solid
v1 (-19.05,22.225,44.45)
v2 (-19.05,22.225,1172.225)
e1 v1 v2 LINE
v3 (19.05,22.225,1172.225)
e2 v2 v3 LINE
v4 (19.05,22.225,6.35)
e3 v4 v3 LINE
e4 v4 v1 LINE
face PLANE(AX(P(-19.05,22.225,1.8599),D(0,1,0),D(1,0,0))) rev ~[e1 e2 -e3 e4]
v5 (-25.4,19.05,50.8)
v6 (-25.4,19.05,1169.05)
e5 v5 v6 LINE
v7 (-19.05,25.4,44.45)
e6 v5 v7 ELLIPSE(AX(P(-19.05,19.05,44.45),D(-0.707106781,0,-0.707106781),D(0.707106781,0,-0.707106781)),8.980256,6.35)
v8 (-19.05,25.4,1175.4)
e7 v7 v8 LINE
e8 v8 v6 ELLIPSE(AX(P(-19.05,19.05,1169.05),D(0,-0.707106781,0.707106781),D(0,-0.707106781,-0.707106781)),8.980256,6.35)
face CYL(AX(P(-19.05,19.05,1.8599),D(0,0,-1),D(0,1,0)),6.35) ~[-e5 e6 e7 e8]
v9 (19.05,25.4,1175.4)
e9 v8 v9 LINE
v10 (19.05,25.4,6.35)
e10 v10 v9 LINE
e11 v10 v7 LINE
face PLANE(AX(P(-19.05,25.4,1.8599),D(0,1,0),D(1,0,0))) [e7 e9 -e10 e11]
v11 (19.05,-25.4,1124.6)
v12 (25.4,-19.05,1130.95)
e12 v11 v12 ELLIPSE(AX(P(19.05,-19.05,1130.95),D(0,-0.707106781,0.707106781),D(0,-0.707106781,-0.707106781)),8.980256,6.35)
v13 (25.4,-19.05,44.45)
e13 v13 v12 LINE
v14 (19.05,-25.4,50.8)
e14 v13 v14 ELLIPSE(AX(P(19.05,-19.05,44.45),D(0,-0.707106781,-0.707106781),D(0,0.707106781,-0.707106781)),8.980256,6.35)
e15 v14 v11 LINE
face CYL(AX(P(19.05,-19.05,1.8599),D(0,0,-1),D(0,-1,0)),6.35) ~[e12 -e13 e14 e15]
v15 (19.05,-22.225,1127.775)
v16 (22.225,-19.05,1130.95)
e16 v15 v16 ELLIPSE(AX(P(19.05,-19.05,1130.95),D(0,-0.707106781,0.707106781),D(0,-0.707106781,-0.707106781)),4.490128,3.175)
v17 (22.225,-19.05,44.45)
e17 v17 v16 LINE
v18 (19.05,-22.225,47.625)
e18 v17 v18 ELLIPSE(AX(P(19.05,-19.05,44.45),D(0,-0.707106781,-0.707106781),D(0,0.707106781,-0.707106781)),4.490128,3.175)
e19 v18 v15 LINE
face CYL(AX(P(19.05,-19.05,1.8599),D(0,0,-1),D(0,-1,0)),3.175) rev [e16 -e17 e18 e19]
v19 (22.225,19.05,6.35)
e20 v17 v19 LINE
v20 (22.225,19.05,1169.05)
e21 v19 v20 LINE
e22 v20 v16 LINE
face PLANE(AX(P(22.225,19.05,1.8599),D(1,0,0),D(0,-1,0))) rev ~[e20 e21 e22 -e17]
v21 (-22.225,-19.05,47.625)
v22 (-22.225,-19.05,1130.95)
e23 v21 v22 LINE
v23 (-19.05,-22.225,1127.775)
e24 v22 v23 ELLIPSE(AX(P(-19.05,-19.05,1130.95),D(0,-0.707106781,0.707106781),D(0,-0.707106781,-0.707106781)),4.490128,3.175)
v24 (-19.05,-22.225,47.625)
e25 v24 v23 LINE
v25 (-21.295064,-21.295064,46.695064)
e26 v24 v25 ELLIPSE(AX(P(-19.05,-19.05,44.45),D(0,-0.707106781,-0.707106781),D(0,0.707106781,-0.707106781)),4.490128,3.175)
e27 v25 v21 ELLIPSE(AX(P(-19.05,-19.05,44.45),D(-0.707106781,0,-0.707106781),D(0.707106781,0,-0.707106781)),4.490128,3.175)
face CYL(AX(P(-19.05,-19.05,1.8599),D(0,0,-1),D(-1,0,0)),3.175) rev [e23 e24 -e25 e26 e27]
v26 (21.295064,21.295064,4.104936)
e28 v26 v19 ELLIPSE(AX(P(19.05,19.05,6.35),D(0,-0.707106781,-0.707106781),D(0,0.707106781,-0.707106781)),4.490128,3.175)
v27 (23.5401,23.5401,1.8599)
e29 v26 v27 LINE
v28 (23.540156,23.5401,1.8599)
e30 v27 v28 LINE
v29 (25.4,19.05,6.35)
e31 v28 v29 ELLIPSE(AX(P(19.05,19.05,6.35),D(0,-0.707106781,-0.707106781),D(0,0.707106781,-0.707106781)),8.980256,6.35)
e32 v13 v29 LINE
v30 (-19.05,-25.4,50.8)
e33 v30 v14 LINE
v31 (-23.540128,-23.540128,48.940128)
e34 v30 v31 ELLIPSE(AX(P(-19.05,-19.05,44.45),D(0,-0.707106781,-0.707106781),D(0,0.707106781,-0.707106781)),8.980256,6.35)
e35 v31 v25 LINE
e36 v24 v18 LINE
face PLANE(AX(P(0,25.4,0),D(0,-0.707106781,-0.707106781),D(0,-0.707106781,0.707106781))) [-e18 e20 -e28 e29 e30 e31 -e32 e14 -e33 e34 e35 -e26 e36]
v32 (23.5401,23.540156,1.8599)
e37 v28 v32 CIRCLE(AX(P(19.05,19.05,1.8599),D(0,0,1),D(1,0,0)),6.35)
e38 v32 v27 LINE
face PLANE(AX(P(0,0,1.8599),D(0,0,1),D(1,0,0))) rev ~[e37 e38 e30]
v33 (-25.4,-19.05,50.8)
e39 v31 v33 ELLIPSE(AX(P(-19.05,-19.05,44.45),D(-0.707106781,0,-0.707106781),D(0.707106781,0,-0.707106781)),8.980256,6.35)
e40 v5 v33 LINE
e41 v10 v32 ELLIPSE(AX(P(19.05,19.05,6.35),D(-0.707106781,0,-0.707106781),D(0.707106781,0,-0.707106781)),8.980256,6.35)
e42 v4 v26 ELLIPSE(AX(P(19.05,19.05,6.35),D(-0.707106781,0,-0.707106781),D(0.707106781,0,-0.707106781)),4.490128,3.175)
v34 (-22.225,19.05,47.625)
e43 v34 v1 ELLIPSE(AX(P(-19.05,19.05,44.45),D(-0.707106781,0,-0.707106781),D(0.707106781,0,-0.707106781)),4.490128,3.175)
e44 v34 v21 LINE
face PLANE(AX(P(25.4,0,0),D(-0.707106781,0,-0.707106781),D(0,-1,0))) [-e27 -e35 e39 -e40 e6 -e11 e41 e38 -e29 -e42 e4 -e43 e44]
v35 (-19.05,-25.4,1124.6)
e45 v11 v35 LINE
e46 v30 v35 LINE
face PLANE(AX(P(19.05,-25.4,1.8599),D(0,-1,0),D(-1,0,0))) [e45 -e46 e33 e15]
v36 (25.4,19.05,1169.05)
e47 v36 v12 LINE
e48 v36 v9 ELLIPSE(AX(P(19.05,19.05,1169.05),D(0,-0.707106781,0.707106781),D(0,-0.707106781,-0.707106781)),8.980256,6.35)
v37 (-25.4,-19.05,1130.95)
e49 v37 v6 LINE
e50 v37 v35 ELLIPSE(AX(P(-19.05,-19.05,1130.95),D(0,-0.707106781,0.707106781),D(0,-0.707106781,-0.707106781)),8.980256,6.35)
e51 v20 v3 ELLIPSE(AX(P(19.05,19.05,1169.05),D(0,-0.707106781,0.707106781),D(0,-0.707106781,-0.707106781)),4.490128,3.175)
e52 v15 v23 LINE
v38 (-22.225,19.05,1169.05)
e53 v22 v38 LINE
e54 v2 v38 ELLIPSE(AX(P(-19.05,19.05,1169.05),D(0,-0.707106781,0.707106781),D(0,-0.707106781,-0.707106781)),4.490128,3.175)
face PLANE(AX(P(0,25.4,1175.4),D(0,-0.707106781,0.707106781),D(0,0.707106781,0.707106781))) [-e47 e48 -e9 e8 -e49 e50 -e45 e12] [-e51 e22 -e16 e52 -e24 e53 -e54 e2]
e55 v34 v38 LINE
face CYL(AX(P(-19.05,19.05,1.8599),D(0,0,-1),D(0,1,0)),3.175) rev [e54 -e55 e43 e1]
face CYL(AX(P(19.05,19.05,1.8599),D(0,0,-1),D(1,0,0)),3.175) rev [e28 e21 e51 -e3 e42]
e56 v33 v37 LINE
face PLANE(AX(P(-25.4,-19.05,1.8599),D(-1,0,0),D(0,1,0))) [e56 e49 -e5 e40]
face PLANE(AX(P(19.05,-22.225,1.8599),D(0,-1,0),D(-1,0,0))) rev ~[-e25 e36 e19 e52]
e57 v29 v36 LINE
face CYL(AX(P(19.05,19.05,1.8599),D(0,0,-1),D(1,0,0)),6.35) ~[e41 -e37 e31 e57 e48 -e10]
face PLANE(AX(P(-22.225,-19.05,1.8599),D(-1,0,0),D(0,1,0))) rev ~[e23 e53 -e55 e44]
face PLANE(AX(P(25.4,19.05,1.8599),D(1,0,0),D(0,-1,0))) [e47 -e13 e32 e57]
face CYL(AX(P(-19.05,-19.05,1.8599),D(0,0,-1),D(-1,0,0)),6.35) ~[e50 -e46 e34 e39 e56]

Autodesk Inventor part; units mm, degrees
ref_plane "Plano inicial" through (0, 0, 1.8599) normal (0, 0, 1) x (1, 0, 0)
ref_plane "Plano final" through (0, 0, 1175.4) normal (0, 0, 1) x (1, 0, 0)
sketch "Boceto" plane through (0, 0, 0) normal (0, 0, 1) x (1, 0, 0)
  line L0 (-25.4, -19.05) -> (-25.4, 19.05)
  line L1 (-19.05, 25.4) -> (19.05, 25.4)
  line L2 (25.4, 19.05) -> (25.4, -19.05)
  line L3 (19.05, -25.4) -> (-19.05, -25.4)
  arc A0 (-25.4, -19.05) -> (-19.05, -25.4) centre (-19.05, -19.05) ccw
  arc A1 (-19.05, 25.4) -> (-25.4, 19.05) centre (-19.05, 19.05) ccw
  arc A2 (25.4, 19.05) -> (19.05, 25.4) centre (19.05, 19.05) ccw
  arc A3 (19.05, -25.4) -> (25.4, -19.05) centre (19.05, -19.05) ccw
  arc A4 (-19.05, 22.225) -> (-22.225, 19.05) centre (-19.05, 19.05) ccw
  line L4 (-19.05, 22.225) -> (19.05, 22.225)
  arc A5 (22.225, 19.05) -> (19.05, 22.225) centre (19.05, 19.05) ccw
  line L5 (22.225, 19.05) -> (22.225, -19.05)
  arc A6 (19.05, -22.225) -> (22.225, -19.05) centre (19.05, -19.05) ccw
  line L6 (19.05, -22.225) -> (-19.05, -22.225)
  arc A7 (-22.225, -19.05) -> (-19.05, -22.225) centre (-19.05, -19.05) ccw
  line L7 (-22.225, -19.05) -> (-22.225, 19.05)
  line L8 (0, 37.4012) -> (0, -37.4012) construction
  line L9 (-37.4012, 0) -> (37.4012, 0) construction
  dimension "d10" = 50.8
  dimension "d11" = 50.8
  dimension "d12" = 3.175
  dimension "d15" = 25.4
  dimension "d16" = 25.4
  dimension "d17" = 6.35
extrude "Cuerpo" add sketch "Boceto" along normal up to surface (1173.5401 mm away) from surface at 1.8599
sketch "Sketch3" plane through (0, 0, 0) normal (0, 0, 1) x (1, 0, 0)
  line L0 (0, 0) -> (10, 0)
ref_plane "Work Plane3" through (0, 0, 0) normal (0, -1, 0) x (1, 0, 0)
ref_plane "Plano de trabajo4" through (0, 25.4, 1175.4) normal (0, -0.7071, 0.7071) x (1, 0, 0)
split "Dividir1" plane through (0, 25.4, 1175.4) removes the side toward (0, -0.7071, 0.7071)
ref_plane "Plano de trabajo5" through (0, 25.4, 0) normal (0, -0.7071, -0.7071) x (1, 0, 0)
split "Dividir2" plane through (0, 25.4, 0) removes the side toward (0, -0.7071, -0.7071)
ref_plane "Plano de trabajo6" through (25.4, 0, 0) normal (-0.7071, 0, -0.7071) x (-0.7071, 0, 0.7071)
split "Dividir3" plane through (25.4, 0, 0) removes the side toward (-0.7071, 0, -0.7071)
sketch "Sketch4" plane through (0, 0, 0) normal (0, -1, 0) x (1, 0, 0)
  line L0 (-2, 1.8599) -> (12, 1.8599) projected
  line L1 (-2, 1175.4) -> (12, 1175.4) projected
  dimension "d19" = 1173.5401
equation "\"d10\" = G_H"
equation "\"d11\" = G_W"
equation "\"d12\" = G_T"
equation "\"d15\" = 0.5 * d10"
equation "\"d16\" = 0.5 * d11"
equation "\"d17\" = G_IR"
equation "\"d3\" = G_L"
equation "\"G_W\" = 50.8"
equation "\"G_H\" = 50.8"
equation "\"G_T\" = 3.175"
equation "\"G_IR\" = 6.35"
equation "\"G_L\" = d19"
equation "\"G_OFFSET_START\" = -1.85987"
equation "\"G_OFFSET_END\" = 25.4"
equation "\"d13\" = -G_OFFSET_START"
equation "\"d14\" = G_OFFSET_END + B_L"
equation "\"B_L\" = 1150"
properties part number "AISC - 2 x 2 x 1/8 - 46,202" material "Acero, suave"
